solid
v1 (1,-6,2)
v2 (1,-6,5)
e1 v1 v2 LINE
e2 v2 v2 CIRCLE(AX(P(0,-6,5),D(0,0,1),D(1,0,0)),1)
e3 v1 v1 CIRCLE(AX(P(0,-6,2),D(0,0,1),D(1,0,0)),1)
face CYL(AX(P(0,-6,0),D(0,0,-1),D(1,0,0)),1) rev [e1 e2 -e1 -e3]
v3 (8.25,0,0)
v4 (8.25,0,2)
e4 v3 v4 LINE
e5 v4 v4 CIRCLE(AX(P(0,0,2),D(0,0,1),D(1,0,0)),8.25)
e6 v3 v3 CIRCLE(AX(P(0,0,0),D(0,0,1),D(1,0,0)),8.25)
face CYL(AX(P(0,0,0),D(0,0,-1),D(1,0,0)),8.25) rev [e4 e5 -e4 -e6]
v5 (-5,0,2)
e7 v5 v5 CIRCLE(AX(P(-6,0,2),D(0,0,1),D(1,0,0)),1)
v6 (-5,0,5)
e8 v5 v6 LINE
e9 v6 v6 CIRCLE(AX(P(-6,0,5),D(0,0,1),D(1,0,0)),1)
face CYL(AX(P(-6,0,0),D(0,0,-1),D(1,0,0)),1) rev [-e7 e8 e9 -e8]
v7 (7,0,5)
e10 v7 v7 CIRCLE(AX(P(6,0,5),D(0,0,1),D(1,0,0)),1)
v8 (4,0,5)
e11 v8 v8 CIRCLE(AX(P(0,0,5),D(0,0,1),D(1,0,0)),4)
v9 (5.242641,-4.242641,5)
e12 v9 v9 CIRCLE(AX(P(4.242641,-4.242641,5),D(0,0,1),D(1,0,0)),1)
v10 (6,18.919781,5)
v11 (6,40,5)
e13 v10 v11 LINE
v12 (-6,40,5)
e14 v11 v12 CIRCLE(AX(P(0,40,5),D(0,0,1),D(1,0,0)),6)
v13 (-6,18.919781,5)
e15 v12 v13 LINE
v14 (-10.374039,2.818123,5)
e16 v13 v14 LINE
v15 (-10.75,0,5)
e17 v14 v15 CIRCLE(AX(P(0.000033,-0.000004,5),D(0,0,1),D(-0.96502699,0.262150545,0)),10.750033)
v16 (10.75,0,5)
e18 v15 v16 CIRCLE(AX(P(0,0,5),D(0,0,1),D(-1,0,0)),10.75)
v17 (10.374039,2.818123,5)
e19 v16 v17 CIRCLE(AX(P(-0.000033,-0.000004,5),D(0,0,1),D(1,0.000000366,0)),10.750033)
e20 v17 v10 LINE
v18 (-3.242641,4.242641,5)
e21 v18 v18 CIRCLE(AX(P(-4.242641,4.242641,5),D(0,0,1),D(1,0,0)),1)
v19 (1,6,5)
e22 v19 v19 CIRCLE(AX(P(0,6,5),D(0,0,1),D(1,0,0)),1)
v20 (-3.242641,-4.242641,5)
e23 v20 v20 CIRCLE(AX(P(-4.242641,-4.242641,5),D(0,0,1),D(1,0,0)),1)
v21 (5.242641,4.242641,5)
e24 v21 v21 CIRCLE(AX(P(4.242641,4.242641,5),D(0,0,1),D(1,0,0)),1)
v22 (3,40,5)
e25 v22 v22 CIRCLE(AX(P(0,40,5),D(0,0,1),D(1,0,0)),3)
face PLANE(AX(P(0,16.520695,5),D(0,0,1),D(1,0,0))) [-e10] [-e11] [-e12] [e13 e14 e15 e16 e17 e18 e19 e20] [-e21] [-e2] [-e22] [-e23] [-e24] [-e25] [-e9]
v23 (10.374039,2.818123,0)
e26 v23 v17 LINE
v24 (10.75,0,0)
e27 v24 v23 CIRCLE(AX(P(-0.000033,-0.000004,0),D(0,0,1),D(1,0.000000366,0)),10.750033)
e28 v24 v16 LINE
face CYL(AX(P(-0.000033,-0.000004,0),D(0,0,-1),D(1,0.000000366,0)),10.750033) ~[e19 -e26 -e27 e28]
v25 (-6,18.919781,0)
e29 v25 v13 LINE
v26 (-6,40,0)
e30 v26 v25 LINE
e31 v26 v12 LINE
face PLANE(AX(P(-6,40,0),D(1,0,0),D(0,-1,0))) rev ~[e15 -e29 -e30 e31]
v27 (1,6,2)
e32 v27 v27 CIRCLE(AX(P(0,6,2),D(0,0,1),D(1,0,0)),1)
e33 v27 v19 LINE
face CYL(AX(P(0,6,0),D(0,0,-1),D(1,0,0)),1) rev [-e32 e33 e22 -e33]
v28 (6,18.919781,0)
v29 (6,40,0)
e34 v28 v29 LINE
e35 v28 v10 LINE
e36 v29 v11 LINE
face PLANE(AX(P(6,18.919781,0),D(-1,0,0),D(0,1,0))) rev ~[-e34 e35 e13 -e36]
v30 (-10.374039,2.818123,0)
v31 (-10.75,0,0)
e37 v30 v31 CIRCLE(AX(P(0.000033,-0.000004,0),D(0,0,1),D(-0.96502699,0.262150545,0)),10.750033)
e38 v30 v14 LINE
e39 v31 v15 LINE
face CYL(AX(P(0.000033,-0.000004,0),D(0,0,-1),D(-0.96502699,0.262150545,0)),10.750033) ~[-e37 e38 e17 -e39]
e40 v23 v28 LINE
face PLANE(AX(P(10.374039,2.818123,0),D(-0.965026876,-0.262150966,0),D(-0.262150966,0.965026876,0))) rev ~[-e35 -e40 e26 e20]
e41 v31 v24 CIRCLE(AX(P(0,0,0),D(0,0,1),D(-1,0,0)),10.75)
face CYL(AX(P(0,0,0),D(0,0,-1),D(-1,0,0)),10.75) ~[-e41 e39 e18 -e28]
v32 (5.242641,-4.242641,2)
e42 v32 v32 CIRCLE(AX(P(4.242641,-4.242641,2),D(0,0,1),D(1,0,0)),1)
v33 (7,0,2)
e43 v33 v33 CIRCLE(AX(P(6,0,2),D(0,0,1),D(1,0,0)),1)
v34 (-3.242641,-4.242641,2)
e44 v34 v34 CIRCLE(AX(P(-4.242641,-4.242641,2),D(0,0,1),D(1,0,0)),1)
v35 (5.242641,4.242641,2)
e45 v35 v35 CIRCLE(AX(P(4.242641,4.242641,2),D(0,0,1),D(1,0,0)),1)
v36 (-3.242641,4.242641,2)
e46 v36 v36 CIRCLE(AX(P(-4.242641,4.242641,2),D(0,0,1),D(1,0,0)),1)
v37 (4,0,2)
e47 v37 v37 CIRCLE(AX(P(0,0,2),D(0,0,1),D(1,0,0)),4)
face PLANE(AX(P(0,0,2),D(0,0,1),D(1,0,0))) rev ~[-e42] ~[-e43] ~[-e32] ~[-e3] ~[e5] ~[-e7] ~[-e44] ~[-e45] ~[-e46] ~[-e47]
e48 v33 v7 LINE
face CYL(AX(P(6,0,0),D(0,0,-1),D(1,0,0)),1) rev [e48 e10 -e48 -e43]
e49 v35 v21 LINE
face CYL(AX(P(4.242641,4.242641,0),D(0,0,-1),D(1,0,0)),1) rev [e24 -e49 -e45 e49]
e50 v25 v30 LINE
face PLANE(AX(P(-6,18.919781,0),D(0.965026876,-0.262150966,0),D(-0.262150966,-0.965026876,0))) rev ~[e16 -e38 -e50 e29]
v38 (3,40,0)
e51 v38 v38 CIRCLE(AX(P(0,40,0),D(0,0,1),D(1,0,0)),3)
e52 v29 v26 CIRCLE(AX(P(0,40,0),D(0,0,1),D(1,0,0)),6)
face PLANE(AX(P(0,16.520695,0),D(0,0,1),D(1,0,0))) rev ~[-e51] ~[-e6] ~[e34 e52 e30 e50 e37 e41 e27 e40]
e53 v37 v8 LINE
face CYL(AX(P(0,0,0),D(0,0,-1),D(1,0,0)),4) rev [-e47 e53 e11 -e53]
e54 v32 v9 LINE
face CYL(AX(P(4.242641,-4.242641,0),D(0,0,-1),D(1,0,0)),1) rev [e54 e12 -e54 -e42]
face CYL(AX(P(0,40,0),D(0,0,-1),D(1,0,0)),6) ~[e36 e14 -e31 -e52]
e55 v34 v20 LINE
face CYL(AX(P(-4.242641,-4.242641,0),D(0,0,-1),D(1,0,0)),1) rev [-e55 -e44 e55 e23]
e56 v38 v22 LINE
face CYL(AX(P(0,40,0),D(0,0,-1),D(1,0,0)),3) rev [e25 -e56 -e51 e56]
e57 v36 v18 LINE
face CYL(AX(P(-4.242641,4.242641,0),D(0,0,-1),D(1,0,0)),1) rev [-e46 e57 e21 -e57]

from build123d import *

# Parameters (mm, degrees)
F0_R     = 8.25
F0_R_2   = 3
F0_R_3   = 1
F0_R_4   = 4
F1_DEPTH = 5
F2_DEPTH = 2


with BuildPart() as f1:
    # F0 (on Top) → F1 (new body)
    with BuildSketch(Plane.XY):
        with BuildLine():
            Line((-6, 18.919781), (-6, 8.919781))
            ThreePointArc((-6, 8.919781), (-8.736982, 6.263198), (-10.374039, 2.818123))
            ThreePointArc((-10.374039, 2.818123), (-10.655595, 1.421545), (-10.75, 0))
            ThreePointArc((-10.75, 0), (0, -10.75), (10.75, 0))
            ThreePointArc((10.75, 0), (10.655595, 1.421545), (10.374039, 2.818123))
            ThreePointArc((10.374039, 2.818123), (8.736982, 6.263198), (6, 8.919781))
            Line((6, 8.919781), (6, 18.919781))
            Line((6, 18.919781), (6, 40))
            ThreePointArc((6, 40), (0, 46), (-6, 40))
            Line((-6, 40), (-6, 18.919781))
        make_face()
        Circle(F0_R, mode=Mode.SUBTRACT)
        with Locations((0, 40)):
            Circle(F0_R_2, mode=Mode.SUBTRACT)
        Circle(F0_R)
        with Locations((-6, 0)):
            Circle(F0_R_3, mode=Mode.SUBTRACT)
        with Locations((-4.242641, -4.242641)):
            Circle(F0_R_3, mode=Mode.SUBTRACT)
        with Locations((-4.242641, 4.242641)):
            Circle(F0_R_3, mode=Mode.SUBTRACT)
        with Locations((0, -6)):
            Circle(F0_R_3, mode=Mode.SUBTRACT)
        with Locations((4.242641, -4.242641)):
            Circle(F0_R_3, mode=Mode.SUBTRACT)
        Circle(F0_R_4, mode=Mode.SUBTRACT)
        with Locations((4.242641, 4.242641)):
            Circle(F0_R_3, mode=Mode.SUBTRACT)
        with Locations((6, 0)):
            Circle(F0_R_3, mode=Mode.SUBTRACT)
        with Locations((0, 6)):
            Circle(F0_R_3, mode=Mode.SUBTRACT)
        with BuildLine():
            ThreePointArc((-10.374039, 2.818123), (-8.736982, 6.263198), (-6, 8.919781))
            Line((-6, 8.919781), (-6, 18.919781))
            Line((-6, 18.919781), (-10.374039, 2.818123))
        make_face()
        with BuildLine():
            ThreePointArc((6, 8.919781), (8.736982, 6.263198), (10.374039, 2.818123))
            Line((10.374039, 2.818123), (6, 18.919781))
            Line((6, 18.919781), (6, 8.919781))
        make_face()
    extrude(amount=F1_DEPTH)

    # F0 (on Top) → F2 (cut)
    with BuildSketch(Plane.XY):
        Circle(F0_R)
        with Locations((-6, 0)):
            Circle(F0_R_3, mode=Mode.SUBTRACT)
        with Locations((-4.242641, -4.242641)):
            Circle(F0_R_3, mode=Mode.SUBTRACT)
        with Locations((-4.242641, 4.242641)):
            Circle(F0_R_3, mode=Mode.SUBTRACT)
        with Locations((0, -6)):
            Circle(F0_R_3, mode=Mode.SUBTRACT)
        with Locations((4.242641, -4.242641)):
            Circle(F0_R_3, mode=Mode.SUBTRACT)
        Circle(F0_R_4, mode=Mode.SUBTRACT)
        with Locations((4.242641, 4.242641)):
            Circle(F0_R_3, mode=Mode.SUBTRACT)
        with Locations((6, 0)):
            Circle(F0_R_3, mode=Mode.SUBTRACT)
        with Locations((0, 6)):
            Circle(F0_R_3, mode=Mode.SUBTRACT)
    extrude(amount=F2_DEPTH, mode=Mode.SUBTRACT)


solid = f1.part
